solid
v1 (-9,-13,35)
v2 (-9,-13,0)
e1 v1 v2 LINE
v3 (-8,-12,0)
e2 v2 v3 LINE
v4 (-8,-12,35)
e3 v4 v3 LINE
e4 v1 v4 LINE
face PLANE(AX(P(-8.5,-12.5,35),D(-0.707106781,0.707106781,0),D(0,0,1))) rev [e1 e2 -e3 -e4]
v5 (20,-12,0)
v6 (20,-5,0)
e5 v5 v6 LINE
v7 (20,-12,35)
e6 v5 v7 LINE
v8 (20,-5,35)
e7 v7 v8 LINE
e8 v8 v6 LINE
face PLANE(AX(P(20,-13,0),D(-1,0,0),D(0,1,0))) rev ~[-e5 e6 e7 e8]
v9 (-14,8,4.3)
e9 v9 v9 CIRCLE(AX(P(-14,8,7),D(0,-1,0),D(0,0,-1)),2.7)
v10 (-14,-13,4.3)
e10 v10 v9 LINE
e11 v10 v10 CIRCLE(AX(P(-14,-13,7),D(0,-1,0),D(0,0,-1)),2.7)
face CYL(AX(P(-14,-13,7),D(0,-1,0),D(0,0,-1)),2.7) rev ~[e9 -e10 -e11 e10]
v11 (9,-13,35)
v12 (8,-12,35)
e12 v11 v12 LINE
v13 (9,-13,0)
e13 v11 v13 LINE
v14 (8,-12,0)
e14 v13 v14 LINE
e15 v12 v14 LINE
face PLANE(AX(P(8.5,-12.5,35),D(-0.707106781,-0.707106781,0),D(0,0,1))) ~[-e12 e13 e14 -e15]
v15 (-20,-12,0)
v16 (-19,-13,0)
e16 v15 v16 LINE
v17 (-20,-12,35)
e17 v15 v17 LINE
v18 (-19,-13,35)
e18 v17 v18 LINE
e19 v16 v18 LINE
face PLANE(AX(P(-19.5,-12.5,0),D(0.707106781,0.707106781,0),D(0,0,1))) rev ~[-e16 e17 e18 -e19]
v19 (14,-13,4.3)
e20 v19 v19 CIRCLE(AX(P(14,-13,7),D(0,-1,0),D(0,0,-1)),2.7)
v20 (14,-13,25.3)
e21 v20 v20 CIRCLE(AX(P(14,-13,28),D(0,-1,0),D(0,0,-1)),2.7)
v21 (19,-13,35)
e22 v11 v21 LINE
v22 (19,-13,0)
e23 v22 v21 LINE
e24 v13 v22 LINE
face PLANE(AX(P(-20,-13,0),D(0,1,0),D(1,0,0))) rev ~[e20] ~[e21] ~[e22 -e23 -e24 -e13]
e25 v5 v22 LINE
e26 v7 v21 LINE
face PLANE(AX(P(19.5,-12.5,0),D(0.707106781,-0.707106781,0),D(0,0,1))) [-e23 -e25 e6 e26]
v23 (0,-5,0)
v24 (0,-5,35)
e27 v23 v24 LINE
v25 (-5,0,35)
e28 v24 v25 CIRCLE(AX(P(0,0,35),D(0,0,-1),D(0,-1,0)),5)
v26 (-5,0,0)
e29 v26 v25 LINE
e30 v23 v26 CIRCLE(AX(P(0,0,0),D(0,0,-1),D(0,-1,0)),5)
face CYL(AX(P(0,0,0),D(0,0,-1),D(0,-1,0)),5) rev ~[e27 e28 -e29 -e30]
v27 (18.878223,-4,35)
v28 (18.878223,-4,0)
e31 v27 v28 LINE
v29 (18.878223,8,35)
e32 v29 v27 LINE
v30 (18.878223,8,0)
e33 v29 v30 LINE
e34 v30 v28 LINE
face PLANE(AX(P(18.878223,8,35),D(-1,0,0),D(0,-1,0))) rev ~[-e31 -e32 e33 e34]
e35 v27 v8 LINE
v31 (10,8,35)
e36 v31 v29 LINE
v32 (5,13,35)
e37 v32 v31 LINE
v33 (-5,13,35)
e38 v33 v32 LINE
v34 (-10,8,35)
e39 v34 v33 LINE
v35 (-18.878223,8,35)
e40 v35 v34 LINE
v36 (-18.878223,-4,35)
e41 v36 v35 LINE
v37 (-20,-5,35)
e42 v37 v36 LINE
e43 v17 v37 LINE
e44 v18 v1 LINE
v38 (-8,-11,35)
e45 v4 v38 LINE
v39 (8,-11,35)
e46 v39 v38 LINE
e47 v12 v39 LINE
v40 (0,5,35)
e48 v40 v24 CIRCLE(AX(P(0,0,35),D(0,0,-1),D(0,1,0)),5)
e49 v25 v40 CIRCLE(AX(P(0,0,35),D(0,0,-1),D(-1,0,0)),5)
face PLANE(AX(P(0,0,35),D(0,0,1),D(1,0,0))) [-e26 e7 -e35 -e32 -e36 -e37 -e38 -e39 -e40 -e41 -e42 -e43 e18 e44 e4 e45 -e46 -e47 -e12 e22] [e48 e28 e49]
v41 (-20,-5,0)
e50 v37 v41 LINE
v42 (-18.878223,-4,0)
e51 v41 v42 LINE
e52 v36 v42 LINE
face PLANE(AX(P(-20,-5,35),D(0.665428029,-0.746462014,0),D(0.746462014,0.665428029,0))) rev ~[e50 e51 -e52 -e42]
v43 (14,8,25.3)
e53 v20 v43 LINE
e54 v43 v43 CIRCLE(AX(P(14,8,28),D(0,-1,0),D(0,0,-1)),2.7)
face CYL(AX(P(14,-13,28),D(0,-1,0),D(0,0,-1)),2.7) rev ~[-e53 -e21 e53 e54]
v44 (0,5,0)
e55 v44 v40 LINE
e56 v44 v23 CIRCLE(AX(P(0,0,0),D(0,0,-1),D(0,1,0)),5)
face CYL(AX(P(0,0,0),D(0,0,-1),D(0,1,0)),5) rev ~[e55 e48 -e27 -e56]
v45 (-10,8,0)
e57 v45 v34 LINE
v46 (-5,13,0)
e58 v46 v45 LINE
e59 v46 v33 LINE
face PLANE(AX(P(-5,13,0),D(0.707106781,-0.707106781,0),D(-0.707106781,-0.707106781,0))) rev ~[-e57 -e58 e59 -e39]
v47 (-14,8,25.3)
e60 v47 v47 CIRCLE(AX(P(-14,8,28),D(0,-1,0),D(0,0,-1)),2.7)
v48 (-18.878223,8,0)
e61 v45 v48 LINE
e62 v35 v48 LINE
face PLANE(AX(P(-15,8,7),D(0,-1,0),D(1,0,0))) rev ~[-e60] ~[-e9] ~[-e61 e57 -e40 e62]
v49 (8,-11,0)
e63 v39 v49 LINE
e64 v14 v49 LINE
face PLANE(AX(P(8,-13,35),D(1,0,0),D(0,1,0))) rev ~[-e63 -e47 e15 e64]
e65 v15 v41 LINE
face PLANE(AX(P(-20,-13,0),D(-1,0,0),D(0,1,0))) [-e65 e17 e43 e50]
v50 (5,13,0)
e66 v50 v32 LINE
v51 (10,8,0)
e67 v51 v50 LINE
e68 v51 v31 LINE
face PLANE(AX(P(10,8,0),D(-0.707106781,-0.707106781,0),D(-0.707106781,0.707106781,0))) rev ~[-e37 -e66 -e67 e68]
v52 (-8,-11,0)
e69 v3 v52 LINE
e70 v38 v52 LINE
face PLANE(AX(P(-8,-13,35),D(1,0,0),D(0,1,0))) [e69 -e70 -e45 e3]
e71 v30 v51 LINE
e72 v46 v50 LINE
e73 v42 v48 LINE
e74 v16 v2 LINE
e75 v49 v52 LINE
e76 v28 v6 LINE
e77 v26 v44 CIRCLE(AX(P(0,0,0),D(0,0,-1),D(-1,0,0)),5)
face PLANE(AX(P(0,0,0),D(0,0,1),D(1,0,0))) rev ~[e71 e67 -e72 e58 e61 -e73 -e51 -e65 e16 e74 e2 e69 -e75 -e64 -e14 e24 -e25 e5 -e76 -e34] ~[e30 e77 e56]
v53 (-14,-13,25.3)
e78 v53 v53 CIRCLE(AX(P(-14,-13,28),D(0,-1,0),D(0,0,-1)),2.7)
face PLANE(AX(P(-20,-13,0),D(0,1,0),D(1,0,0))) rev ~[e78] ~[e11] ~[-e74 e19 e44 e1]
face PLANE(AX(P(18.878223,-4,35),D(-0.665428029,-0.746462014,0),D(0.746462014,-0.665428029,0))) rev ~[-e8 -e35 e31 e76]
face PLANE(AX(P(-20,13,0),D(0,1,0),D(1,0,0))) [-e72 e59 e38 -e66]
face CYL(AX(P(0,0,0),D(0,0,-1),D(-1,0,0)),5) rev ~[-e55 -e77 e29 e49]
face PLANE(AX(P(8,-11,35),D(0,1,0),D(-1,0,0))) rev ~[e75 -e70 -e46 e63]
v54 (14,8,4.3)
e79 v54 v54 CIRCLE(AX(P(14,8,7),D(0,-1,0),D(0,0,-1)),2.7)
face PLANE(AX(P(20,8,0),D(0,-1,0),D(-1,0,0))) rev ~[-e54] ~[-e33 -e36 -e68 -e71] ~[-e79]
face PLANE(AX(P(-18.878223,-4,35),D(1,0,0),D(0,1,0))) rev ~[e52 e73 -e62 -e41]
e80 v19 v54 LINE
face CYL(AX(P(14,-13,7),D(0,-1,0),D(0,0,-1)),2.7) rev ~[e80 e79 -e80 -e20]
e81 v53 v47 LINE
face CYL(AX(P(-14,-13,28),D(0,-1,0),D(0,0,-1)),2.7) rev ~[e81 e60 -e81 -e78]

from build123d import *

# Parameters (mm, degrees)
SKETCH_1_W          = 40
SKETCH_1_H          = 26
EXTRUDE_1_DEPTH     = 35
CUT_EXTRUDE_1_DEPTH = 43.355637169
SKETCH_4_R          = 2.5
CUT_EXTRUDE_2_DEPTH = 46.453272709
CUT_EXTRUDE_3_DEPTH = 43.355637169
SKETCH_7_W          = 8
SKETCH_7_H          = 2
CUT_EXTRUDE_4_DEPTH = 43.355637169
CHAMFER_1_SIZE      = 1
EXTRUDE_START       = -21
SKETCH_9_R          = 2.5
EXTRUDE_2_DEPTH     = 21
SKETCH_10_R         = 2.7
CUT_EXTRUDE_5_DEPTH = 48.968739821
SKETCH_13_R         = 2.5
EXTRUDE_3_DEPTH     = 21
SKETCH_14_R         = 2.7
CUT_EXTRUDE_6_DEPTH = 48.968739821
SKETCH_15_R         = 2.7
CUT_EXTRUDE_7_DEPTH = 48.968739821


with BuildPart() as part:
    # Эскиз1 → Бобышка-Вытянуть1 (new body)
    with BuildSketch(Plane.XY):
        Rectangle(SKETCH_1_W, SKETCH_1_H)
    extrude(amount=EXTRUDE_1_DEPTH)

    # Эскиз2 → Вырез-Вытянуть1 (cut, through all)
    with BuildSketch(Plane(origin=(0, 0, 0), x_dir=(-1, 0, 0), z_dir=(0, 0, -1))):
        Polygon((-10, 8), (-5, 13), (-20, 13), (-20, 8), align=None)
        Polygon((20, 13), (5, 13), (10, 8), (20, 8), align=None)
        with BuildLine():
            ThreePointArc((5, 0), (3.535533906, 3.535533906), (0, 5))
            Line((0, 5), (0, 0))
            Line((0, 0), (0, -5))
            ThreePointArc((0, -5), (3.535533906, -3.535533906), (5, 0))
        make_face()
        with BuildLine():
            Line((0, 0), (0, 5))
            ThreePointArc((0, 5), (-5, 0), (0, -5))
            Line((0, -5), (0, 0))
        make_face()
    extrude(amount=-CUT_EXTRUDE_1_DEPTH, mode=Mode.SUBTRACT)

    # Эскиз4 → Вырез-Вытянуть2 (cut, through all)
    with BuildSketch(Plane(origin=(0, 8, 0), x_dir=(1, 0, 0), z_dir=(0, 1, 0))):
        with BuildLine():
            ThreePointArc((-12.5, -7), (-15, -4.5), (-17.5, -7))
            Line((-17.5, -7), (-12.5, -7))
        make_face()
        with BuildLine():
            Line((-12.5, -7), (-17.5, -7))
            ThreePointArc((-17.5, -7), (-15, -9.5), (-12.5, -7))
        make_face()
        with BuildLine():
            ThreePointArc((-12.5, -28), (-15, -25.5), (-17.5, -28))
            Line((-17.5, -28), (-12.5, -28))
        make_face()
        with BuildLine():
            Line((-12.5, -28), (-17.5, -28))
            ThreePointArc((-17.5, -28), (-15, -30.5), (-12.5, -28))
        make_face()
        with Locations(Location((15, -28, 0), (0, 0, 180))):
            Circle(SKETCH_4_R)
        with Locations(Location((15, -7, 0), (0, 0, 180))):
            Circle(SKETCH_4_R)
    extrude(amount=-CUT_EXTRUDE_2_DEPTH, mode=Mode.SUBTRACT)

    # Эскиз6 → Вырез-Вытянуть3 (cut, through all)
    with BuildSketch(Plane.XY.offset(35)):
        Polygon((-18.878222765, 8), (-20, 8), (-20, -5), (-18.878222765, -4), align=None)
        Polygon((18.878222765, 8), (18.878222765, -4), (20, -5), (20, 8), align=None)
    extrude(amount=-CUT_EXTRUDE_3_DEPTH, mode=Mode.SUBTRACT)

    # Эскиз7 → Вырез-Вытянуть4 (cut, through all)
    with BuildSketch(Plane.XY.offset(35)):
        with Locations((-4, -12)):
            Rectangle(SKETCH_7_W, SKETCH_7_H)
        with Locations((4, -12)):
            Rectangle(SKETCH_7_W, SKETCH_7_H)
    extrude(amount=-CUT_EXTRUDE_4_DEPTH, mode=Mode.SUBTRACT)

    # Фаска1
    chamfer_1_edges = [part.edges().sort_by_distance(p)[0] for p in [
        (20, -13, 17.5),
        (-20, -13, 17.5),
        (8, -13, 17.5),
        (-8, -13, 17.5),
    ]]
    chamfer(chamfer_1_edges, length=CHAMFER_1_SIZE)

    # Эскиз9 → Бобышка-Вытянуть2 (add)
    with BuildSketch(Plane.XZ.offset(13).offset(EXTRUDE_START)):
        with Locations((-15, 28)):
            Circle(SKETCH_9_R)
    extrude(amount=EXTRUDE_2_DEPTH)

    # Эскиз10 → Вырез-Вытянуть5 (cut, through all)
    with BuildSketch(Plane.XZ.offset(13)):
        with Locations(Location((-14, 28, 0), (0, 0, 270))):
            Circle(SKETCH_10_R)
    extrude(amount=-CUT_EXTRUDE_5_DEPTH, mode=Mode.SUBTRACT)

    # Эскиз13 → Бобышка-Вытянуть3 (add)
    with BuildSketch(Plane.XZ.offset(13).offset(EXTRUDE_START)):
        with Locations((-15, 7)):
            Circle(SKETCH_13_R)
        with Locations((15, 7)):
            Circle(SKETCH_13_R)
        with Locations((15, 28)):
            Circle(SKETCH_13_R)
    extrude(amount=EXTRUDE_3_DEPTH)

    # Эскиз14 → Вырез-Вытянуть6 (cut, through all)
    with BuildSketch(Plane.XZ.offset(13)):
        with Locations(Location((14, 28, 0), (0, 0, 270))):
            Circle(SKETCH_14_R)
    extrude(amount=-CUT_EXTRUDE_6_DEPTH, mode=Mode.SUBTRACT)

    # Эскиз15 → Вырез-Вытянуть7 (cut, through all)
    with BuildSketch(Plane.XZ.offset(13)):
        with Locations(Location((-14, 7, 0), (0, 0, 270))):
            Circle(SKETCH_15_R)
        with Locations(Location((14, 7, 0), (0, 0, 270))):
            Circle(SKETCH_15_R)
    extrude(amount=-CUT_EXTRUDE_7_DEPTH, mode=Mode.SUBTRACT)


solid = part.part
